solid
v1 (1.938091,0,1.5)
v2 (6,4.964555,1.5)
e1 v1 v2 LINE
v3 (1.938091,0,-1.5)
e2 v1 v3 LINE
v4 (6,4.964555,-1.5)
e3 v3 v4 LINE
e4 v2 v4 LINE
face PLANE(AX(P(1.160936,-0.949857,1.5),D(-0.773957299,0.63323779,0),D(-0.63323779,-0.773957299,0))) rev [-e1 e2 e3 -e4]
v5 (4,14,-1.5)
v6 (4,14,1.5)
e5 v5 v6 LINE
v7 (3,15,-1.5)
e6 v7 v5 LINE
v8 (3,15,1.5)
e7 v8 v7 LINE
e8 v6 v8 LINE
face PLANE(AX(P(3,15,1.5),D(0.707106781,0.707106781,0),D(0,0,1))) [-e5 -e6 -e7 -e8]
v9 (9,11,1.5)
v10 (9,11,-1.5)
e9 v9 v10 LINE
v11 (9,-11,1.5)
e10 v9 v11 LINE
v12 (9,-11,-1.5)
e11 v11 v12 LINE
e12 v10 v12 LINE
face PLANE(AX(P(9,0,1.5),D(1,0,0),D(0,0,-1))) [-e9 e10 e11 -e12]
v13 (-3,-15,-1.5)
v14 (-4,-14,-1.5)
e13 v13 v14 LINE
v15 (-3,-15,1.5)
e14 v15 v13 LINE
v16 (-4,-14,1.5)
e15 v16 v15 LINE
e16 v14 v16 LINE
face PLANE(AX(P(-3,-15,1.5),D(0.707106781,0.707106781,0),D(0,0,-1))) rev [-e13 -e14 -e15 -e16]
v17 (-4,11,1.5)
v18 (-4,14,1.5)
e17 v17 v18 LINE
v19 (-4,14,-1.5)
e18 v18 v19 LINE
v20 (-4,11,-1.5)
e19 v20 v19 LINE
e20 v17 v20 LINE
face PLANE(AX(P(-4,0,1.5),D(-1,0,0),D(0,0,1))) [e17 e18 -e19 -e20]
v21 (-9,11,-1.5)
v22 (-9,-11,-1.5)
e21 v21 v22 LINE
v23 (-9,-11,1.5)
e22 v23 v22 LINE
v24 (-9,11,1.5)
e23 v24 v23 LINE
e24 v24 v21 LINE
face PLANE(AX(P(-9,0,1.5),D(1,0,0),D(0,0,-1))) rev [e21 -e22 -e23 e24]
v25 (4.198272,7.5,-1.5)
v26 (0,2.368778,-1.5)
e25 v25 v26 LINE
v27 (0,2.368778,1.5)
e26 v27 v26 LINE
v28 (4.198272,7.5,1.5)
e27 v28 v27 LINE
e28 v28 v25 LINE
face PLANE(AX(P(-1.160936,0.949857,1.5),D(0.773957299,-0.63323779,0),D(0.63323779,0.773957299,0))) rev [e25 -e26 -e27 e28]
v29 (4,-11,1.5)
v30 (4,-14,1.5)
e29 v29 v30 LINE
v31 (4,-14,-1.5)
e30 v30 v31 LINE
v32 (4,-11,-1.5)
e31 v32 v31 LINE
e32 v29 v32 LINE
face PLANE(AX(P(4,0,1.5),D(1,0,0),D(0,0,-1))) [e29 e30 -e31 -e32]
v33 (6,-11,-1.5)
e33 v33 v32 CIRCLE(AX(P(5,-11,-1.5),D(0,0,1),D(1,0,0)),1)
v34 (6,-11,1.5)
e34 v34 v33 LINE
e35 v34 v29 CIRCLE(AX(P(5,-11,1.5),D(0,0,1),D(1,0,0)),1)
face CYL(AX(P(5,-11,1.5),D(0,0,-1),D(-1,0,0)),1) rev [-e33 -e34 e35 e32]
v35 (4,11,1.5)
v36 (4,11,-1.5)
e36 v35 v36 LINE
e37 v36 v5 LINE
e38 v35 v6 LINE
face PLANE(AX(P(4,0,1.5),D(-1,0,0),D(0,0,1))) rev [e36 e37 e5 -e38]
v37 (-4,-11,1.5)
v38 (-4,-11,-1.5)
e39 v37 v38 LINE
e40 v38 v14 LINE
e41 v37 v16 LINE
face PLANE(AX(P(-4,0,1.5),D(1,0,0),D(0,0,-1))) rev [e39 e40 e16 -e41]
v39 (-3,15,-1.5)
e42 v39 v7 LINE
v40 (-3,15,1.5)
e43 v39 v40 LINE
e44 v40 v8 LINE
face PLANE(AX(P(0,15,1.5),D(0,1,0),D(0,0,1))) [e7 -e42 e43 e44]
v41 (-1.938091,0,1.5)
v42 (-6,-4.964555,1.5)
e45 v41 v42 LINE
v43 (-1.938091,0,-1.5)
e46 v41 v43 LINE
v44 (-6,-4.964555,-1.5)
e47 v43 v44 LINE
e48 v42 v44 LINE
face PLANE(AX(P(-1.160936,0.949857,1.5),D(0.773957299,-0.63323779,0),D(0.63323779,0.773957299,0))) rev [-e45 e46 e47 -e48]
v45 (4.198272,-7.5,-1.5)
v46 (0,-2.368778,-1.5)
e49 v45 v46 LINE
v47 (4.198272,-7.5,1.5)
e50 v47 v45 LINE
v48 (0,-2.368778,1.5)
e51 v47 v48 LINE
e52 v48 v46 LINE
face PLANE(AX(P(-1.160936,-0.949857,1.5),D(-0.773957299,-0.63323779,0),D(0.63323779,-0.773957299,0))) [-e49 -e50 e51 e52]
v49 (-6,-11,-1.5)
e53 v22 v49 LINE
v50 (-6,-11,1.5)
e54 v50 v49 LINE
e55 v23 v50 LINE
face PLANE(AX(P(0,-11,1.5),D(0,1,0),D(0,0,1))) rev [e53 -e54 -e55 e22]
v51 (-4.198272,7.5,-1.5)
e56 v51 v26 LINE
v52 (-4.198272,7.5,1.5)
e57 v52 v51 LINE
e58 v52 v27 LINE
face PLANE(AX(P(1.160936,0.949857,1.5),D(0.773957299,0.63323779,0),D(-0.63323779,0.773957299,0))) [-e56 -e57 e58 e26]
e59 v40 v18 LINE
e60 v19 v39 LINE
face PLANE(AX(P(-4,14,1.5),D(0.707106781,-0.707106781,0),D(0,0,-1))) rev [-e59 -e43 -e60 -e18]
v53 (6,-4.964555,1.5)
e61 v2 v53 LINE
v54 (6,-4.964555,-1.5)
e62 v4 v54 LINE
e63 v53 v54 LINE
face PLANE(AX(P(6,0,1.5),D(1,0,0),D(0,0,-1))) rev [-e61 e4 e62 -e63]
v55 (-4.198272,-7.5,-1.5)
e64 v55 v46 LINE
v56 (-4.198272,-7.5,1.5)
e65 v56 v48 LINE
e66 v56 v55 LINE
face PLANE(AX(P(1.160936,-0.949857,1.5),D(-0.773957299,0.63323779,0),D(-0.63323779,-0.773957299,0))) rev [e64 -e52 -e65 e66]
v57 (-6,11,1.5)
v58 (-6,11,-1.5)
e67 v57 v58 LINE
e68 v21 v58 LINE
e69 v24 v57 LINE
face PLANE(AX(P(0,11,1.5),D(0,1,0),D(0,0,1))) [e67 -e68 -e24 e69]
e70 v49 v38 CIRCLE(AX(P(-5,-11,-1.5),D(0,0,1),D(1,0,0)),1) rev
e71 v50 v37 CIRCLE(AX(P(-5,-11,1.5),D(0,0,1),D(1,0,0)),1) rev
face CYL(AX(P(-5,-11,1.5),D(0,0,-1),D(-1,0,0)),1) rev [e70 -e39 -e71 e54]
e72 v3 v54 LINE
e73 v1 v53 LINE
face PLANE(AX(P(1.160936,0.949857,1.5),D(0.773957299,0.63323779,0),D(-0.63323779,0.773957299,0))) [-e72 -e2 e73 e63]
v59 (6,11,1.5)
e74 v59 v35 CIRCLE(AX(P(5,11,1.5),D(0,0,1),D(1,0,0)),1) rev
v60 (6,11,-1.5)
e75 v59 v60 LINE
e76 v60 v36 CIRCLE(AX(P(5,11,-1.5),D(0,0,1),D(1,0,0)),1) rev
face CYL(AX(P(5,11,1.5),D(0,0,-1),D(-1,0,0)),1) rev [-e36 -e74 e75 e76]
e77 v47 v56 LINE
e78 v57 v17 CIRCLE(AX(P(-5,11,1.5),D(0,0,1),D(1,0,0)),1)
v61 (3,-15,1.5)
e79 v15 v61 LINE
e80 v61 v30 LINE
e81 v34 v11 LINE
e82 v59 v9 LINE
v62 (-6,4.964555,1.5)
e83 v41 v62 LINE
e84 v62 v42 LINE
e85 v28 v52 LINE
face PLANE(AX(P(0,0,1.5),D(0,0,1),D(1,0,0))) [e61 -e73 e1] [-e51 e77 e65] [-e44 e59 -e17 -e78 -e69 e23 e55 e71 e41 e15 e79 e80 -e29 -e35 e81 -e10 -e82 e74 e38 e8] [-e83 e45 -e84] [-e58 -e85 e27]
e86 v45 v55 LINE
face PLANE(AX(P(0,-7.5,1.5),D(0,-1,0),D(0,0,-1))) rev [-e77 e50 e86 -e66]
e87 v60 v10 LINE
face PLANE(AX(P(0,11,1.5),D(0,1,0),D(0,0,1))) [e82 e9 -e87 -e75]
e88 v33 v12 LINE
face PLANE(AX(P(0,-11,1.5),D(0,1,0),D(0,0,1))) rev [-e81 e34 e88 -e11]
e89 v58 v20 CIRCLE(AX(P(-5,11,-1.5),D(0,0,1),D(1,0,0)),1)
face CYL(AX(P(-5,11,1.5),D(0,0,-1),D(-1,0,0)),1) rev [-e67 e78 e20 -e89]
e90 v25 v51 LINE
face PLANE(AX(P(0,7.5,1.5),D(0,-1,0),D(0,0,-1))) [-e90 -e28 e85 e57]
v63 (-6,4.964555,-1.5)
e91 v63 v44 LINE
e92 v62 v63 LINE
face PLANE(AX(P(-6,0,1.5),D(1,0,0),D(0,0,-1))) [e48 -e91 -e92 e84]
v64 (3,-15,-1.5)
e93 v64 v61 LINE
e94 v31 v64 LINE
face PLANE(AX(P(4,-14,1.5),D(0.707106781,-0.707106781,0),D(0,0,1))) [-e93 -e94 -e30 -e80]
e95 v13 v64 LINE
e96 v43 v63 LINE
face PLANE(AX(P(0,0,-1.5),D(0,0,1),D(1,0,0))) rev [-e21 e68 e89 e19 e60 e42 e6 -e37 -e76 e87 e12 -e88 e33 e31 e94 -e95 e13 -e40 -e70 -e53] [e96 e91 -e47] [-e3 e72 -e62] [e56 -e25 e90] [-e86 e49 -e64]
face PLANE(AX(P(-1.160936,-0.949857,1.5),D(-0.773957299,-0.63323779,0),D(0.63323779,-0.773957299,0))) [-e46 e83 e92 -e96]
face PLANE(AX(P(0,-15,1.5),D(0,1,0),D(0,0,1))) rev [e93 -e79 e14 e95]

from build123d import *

# Parameters (mm, degrees)
EXTRUDE_1_DEPTH = 1.5
CHAMFER_1_SIZE  = 1


with BuildPart() as part:
    # 草图1 → 凸台-拉伸1 (new, symmetric)
    with BuildSketch(Plane.XY):
        with BuildLine():
            Line((-4, 15), (-4, 11))
            ThreePointArc((-4, 11), (-5, 10), (-6, 11))
            Line((-6, 11), (-9, 11))
            Line((-9, 11), (-9, -11))
            Line((-9, -11), (-6, -11))
            ThreePointArc((-6, -11), (-5, -10), (-4, -11))
            Line((-4, -11), (-4, -15))
            Line((-4, -15), (4, -15))
            Line((4, -15), (4, -11))
            ThreePointArc((4, -11), (5, -10), (6, -11))
            Line((6, -11), (9, -11))
            Line((9, -11), (9, 11))
            Line((9, 11), (6, 11))
            ThreePointArc((6, 11), (5, 10), (4, 11))
            Line((4, 11), (4, 15))
            Line((4, 15), (-4, 15))
        make_face()
        Polygon((1.938091419, 0), (6, 4.964554933), (6, -4.964554933), align=None, mode=Mode.SUBTRACT)
        Polygon((0, -2.368778401), (4.198272218, -7.5), (-4.198272218, -7.5), align=None, mode=Mode.SUBTRACT)
        Polygon((-6, 4.964554933), (-1.938091419, 0), (-6, -4.964554933), align=None, mode=Mode.SUBTRACT)
        Polygon((-4.198272218, 7.5), (4.198272218, 7.5), (0, 2.368778401), align=None, mode=Mode.SUBTRACT)
    extrude(amount=EXTRUDE_1_DEPTH, both=True)

    # 倒角1
    chamfer_1_edges = [part.edges().sort_by_distance(p)[0] for p in [
        (-4, 15, 0),
        (4, 15, 0),
        (4, -15, 0),
        (-4, -15, 0),
    ]]
    chamfer(chamfer_1_edges, length=CHAMFER_1_SIZE)


solid = part.part
